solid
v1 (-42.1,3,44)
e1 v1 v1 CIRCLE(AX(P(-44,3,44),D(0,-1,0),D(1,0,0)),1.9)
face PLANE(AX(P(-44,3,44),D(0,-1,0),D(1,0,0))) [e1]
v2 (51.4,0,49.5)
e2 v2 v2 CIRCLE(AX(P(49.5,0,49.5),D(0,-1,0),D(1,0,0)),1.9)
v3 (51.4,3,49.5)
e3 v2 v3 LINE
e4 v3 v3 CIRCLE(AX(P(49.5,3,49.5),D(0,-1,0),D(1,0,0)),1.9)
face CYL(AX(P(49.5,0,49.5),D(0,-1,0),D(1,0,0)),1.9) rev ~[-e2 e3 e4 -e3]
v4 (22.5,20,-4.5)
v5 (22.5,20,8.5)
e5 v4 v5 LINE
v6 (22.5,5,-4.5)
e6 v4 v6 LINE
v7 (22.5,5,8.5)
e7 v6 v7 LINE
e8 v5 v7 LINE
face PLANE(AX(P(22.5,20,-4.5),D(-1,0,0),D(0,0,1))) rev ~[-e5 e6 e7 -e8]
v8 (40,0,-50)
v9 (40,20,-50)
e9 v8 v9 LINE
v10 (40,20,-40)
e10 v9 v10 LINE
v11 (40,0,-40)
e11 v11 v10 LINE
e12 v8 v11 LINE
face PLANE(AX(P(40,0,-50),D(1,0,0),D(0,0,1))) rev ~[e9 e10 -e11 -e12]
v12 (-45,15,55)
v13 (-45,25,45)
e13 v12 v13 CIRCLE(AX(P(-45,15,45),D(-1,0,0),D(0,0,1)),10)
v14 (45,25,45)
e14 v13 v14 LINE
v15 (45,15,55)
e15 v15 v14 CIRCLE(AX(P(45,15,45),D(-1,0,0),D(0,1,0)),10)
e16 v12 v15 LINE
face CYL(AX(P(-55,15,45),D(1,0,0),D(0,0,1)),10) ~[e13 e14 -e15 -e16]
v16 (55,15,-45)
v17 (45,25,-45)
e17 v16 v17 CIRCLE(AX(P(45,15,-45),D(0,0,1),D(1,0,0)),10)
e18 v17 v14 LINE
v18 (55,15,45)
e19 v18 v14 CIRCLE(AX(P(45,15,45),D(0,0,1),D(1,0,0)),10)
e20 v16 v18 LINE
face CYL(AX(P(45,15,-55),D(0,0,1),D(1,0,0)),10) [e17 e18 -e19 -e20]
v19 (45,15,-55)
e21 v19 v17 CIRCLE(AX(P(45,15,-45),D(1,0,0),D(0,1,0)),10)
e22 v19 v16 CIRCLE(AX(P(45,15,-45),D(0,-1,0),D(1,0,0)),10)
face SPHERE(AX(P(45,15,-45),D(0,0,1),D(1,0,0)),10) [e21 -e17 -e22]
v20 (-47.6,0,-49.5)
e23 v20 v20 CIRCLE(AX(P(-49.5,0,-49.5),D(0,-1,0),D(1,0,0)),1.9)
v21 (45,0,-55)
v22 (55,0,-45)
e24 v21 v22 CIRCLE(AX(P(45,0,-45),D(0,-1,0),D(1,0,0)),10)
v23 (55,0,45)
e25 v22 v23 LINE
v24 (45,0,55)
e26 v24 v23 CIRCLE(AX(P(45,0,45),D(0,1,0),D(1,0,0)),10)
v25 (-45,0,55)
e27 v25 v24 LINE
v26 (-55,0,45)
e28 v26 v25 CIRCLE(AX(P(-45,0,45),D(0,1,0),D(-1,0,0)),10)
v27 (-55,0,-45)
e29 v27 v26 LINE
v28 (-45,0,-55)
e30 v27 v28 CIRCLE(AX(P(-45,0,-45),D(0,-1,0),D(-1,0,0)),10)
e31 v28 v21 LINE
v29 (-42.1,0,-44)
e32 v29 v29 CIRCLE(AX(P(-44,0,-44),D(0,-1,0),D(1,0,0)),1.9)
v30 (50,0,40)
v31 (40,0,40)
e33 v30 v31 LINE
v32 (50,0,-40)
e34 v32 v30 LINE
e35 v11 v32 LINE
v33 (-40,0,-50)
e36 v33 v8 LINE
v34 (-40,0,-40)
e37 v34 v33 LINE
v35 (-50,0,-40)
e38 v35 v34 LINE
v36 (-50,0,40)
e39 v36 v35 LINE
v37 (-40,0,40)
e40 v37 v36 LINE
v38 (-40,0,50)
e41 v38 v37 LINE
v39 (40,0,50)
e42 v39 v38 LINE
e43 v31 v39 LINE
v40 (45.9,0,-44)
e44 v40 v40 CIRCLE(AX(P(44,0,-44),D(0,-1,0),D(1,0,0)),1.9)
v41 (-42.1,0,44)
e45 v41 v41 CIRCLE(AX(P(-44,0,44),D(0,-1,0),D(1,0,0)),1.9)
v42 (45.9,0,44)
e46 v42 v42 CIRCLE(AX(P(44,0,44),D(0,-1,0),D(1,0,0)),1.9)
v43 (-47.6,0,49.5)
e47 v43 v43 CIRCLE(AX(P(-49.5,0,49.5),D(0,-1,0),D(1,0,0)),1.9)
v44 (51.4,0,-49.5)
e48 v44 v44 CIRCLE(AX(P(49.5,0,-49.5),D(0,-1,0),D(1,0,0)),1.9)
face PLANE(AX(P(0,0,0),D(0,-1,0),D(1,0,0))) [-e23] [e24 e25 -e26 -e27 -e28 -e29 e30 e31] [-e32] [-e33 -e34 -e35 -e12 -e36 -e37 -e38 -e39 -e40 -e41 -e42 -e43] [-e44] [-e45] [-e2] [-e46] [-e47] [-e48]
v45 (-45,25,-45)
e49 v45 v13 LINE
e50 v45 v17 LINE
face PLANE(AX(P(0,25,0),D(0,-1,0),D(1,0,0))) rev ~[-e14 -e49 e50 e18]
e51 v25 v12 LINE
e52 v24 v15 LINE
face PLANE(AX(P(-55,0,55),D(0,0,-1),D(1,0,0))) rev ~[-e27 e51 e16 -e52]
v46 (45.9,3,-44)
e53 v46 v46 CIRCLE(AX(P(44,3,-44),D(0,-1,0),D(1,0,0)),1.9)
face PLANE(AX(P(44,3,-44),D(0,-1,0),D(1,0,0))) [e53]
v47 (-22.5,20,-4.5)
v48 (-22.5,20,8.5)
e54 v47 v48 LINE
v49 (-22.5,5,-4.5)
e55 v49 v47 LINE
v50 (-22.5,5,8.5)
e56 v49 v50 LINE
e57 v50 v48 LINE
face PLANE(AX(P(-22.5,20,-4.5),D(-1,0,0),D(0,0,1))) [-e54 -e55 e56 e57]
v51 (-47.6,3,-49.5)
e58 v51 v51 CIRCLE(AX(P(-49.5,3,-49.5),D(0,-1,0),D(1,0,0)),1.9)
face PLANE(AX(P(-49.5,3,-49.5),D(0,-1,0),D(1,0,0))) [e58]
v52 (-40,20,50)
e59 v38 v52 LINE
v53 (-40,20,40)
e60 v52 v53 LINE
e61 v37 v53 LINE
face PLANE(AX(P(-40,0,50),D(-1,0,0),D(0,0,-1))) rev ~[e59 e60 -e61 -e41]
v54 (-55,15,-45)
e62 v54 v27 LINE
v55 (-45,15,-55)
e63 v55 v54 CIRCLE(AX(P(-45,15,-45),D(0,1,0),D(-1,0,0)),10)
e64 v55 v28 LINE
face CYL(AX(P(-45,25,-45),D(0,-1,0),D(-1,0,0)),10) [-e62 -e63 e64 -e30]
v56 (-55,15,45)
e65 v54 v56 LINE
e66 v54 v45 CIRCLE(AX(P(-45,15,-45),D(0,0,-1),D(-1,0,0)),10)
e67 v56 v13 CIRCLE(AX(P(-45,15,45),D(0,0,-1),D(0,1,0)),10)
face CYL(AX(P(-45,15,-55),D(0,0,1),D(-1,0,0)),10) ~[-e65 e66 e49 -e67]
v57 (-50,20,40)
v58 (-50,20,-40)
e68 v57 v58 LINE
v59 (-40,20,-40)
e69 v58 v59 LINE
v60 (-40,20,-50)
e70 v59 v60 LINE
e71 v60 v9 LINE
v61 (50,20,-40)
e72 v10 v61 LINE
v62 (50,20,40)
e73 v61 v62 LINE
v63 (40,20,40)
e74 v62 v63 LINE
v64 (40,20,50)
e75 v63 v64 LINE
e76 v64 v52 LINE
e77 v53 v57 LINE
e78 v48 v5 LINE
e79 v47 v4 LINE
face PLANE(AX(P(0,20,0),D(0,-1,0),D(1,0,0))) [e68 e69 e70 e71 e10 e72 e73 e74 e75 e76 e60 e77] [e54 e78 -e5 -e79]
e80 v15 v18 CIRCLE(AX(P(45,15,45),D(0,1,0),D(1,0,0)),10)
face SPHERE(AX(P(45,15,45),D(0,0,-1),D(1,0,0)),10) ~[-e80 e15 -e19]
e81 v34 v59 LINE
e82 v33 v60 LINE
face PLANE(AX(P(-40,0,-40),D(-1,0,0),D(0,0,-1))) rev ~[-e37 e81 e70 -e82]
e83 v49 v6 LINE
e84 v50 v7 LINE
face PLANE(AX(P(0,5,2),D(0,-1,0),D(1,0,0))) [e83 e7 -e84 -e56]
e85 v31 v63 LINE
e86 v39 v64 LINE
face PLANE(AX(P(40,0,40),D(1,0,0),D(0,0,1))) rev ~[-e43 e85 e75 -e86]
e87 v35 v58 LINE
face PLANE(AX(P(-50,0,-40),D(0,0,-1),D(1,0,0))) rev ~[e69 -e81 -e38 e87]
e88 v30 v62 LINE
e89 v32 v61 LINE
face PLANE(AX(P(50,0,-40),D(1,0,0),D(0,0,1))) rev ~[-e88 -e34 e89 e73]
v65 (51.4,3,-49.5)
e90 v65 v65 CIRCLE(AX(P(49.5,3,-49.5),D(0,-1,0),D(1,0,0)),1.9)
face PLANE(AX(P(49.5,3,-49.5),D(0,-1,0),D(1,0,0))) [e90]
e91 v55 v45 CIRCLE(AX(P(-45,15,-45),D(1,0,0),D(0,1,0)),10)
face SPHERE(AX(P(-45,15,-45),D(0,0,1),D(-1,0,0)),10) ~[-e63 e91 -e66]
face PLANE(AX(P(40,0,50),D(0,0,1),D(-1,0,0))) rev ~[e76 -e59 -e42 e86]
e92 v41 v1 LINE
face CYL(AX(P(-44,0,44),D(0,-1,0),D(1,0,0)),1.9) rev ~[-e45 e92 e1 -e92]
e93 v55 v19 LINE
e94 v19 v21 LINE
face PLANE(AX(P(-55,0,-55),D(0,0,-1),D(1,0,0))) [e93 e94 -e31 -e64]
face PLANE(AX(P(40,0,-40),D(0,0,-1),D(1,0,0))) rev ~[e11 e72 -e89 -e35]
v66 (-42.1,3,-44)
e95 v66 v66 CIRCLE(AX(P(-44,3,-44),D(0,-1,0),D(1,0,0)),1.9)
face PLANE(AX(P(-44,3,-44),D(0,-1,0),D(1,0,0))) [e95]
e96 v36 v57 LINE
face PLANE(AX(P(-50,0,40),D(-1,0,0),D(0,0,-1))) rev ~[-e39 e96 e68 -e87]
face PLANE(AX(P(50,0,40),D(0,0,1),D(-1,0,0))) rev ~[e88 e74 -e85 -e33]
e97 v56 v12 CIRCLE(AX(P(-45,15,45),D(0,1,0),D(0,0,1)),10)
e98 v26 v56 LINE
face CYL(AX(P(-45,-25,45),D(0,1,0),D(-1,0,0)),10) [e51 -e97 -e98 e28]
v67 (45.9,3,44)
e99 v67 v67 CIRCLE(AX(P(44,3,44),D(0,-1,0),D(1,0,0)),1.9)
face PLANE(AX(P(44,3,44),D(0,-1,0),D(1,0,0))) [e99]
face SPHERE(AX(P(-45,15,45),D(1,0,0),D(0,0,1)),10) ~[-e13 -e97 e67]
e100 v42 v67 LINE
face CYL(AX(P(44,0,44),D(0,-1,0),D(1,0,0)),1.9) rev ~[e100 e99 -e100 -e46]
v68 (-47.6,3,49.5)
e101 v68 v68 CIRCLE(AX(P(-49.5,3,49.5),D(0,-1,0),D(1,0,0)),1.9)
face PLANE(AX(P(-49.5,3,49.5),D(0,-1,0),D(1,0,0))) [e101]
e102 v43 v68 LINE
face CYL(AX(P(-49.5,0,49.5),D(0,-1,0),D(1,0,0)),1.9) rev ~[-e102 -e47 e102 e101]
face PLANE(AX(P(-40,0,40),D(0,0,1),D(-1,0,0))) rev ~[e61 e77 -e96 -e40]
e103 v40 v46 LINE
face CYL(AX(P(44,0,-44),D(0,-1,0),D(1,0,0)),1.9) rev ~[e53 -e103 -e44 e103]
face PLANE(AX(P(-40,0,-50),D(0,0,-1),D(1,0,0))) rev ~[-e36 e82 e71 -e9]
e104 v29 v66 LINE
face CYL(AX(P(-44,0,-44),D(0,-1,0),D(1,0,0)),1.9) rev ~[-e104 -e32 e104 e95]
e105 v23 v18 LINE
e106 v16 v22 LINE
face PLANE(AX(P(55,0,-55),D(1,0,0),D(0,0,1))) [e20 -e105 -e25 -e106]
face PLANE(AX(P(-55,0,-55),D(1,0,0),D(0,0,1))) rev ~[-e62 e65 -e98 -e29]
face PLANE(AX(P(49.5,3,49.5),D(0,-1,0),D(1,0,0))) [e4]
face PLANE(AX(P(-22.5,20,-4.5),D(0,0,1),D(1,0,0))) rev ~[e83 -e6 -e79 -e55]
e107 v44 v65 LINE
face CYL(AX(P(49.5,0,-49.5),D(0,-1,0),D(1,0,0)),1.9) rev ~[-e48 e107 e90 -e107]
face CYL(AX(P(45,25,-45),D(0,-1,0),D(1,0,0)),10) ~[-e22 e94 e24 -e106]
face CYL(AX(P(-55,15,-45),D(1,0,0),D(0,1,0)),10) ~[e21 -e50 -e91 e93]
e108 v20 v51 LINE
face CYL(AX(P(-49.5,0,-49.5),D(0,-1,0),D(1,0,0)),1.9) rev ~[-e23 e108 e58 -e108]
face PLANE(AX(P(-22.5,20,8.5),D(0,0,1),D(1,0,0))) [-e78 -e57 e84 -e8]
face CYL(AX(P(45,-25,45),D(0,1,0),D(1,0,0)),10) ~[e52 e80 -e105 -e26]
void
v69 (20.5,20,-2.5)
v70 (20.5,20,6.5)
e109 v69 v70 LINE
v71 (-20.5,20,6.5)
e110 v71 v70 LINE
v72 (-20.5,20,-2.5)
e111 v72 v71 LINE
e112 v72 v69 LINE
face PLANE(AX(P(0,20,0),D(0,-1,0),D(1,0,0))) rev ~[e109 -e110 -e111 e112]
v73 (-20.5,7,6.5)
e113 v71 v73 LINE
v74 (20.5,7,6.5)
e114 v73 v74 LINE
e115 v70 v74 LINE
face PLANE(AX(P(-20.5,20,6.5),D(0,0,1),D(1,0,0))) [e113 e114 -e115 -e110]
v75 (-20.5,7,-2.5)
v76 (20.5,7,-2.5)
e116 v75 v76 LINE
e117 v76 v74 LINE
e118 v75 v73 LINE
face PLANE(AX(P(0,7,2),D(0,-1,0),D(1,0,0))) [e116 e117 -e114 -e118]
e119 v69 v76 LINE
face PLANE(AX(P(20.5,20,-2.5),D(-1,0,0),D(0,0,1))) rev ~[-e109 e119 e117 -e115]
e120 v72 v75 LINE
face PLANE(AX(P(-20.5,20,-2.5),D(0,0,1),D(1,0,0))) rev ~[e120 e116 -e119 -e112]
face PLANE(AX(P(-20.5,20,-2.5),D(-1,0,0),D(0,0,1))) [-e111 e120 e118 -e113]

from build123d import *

# Parameters (mm, degrees)
F0_W      = 110
F0_H      = 110
F1_DEPTH  = 25
F2_R      = 10
F3_W      = 110
F3_H      = 110
F4_DEPTH  = 26
F6_DEPTH  = 20
F7_W      = 45
F7_H      = 13
F7_W_2    = 41
F7_H_2    = 9
F8_DEPTH  = 15
F9_W      = 45
F9_H      = 13
F10_DEPTH = 2
F11_R     = 1.9
F12_DEPTH = 3


with BuildPart() as f1:
    # F0 (on Front) → F1 (new body, symmetric)
    with BuildSketch(Plane.XZ):
        Rectangle(F0_W, F0_H)
    extrude(amount=F1_DEPTH, both=True)

    # F2
    f2_edges = [f1.edges().sort_by_distance(p)[0] for p in [
        (0, -25, 55),
        (-55, -25, 0),
        (0, -25, -55),
        (55, -25, 0),
        (55, 25, 0),
        (55, 0, 55),
        (55, 0, -55),
        (0, 25, 55),
        (-55, 0, 55),
        (-55, 25, 0),
        (-55, 0, -55),
        (0, 25, -55),
    ]]
    fillet(f2_edges, radius=F2_R)

    # F3 (on Front) → F4 (cut)
    with BuildSketch(Plane.XZ):
        Rectangle(F3_W, F3_H)
    extrude(amount=F4_DEPTH, mode=Mode.SUBTRACT)

    # F5 (on Front) → F6 (cut)
    with BuildSketch(Plane.XZ):
        Polygon((40, 40), (40, 50), (-40, 50), (-40, 40), (-50, 40), (-50, -40), (-40, -40), (-40, -50), (40, -50), (40, -40), (50, -40), (50, 40), align=None)
    extrude(amount=-F6_DEPTH, mode=Mode.SUBTRACT)

    # F7 (on face) → F8 (join)
    with BuildSketch(Plane.XZ.offset(-20)):
        with Locations((0, 2)):
            Rectangle(F7_W, F7_H)
        with Locations((0, 2)):
            Rectangle(F7_W_2, F7_H_2, mode=Mode.SUBTRACT)
    extrude(amount=F8_DEPTH)

    # F9 (on face) → F10 (join)
    with BuildSketch(Plane.XZ.offset(-5)):
        with Locations((0, 2)):
            Rectangle(F9_W, F9_H)
    extrude(amount=-F10_DEPTH)

    # F11 (on face) → F12 (cut)
    with BuildSketch(Plane.XZ):
        with Locations((49.5, 49.5)):
            Circle(F11_R)
        with Locations((44, 44)):
            Circle(F11_R)
        with Locations((-44, 44)):
            Circle(F11_R)
        with Locations((-49.5, 49.5)):
            Circle(F11_R)
        with Locations((-44, -44)):
            Circle(F11_R)
        with Locations((-49.5, -49.5)):
            Circle(F11_R)
        with Locations((44, -44)):
            Circle(F11_R)
        with Locations((49.5, -49.5)):
            Circle(F11_R)
    extrude(amount=-F12_DEPTH, mode=Mode.SUBTRACT)


solid = f1.part
